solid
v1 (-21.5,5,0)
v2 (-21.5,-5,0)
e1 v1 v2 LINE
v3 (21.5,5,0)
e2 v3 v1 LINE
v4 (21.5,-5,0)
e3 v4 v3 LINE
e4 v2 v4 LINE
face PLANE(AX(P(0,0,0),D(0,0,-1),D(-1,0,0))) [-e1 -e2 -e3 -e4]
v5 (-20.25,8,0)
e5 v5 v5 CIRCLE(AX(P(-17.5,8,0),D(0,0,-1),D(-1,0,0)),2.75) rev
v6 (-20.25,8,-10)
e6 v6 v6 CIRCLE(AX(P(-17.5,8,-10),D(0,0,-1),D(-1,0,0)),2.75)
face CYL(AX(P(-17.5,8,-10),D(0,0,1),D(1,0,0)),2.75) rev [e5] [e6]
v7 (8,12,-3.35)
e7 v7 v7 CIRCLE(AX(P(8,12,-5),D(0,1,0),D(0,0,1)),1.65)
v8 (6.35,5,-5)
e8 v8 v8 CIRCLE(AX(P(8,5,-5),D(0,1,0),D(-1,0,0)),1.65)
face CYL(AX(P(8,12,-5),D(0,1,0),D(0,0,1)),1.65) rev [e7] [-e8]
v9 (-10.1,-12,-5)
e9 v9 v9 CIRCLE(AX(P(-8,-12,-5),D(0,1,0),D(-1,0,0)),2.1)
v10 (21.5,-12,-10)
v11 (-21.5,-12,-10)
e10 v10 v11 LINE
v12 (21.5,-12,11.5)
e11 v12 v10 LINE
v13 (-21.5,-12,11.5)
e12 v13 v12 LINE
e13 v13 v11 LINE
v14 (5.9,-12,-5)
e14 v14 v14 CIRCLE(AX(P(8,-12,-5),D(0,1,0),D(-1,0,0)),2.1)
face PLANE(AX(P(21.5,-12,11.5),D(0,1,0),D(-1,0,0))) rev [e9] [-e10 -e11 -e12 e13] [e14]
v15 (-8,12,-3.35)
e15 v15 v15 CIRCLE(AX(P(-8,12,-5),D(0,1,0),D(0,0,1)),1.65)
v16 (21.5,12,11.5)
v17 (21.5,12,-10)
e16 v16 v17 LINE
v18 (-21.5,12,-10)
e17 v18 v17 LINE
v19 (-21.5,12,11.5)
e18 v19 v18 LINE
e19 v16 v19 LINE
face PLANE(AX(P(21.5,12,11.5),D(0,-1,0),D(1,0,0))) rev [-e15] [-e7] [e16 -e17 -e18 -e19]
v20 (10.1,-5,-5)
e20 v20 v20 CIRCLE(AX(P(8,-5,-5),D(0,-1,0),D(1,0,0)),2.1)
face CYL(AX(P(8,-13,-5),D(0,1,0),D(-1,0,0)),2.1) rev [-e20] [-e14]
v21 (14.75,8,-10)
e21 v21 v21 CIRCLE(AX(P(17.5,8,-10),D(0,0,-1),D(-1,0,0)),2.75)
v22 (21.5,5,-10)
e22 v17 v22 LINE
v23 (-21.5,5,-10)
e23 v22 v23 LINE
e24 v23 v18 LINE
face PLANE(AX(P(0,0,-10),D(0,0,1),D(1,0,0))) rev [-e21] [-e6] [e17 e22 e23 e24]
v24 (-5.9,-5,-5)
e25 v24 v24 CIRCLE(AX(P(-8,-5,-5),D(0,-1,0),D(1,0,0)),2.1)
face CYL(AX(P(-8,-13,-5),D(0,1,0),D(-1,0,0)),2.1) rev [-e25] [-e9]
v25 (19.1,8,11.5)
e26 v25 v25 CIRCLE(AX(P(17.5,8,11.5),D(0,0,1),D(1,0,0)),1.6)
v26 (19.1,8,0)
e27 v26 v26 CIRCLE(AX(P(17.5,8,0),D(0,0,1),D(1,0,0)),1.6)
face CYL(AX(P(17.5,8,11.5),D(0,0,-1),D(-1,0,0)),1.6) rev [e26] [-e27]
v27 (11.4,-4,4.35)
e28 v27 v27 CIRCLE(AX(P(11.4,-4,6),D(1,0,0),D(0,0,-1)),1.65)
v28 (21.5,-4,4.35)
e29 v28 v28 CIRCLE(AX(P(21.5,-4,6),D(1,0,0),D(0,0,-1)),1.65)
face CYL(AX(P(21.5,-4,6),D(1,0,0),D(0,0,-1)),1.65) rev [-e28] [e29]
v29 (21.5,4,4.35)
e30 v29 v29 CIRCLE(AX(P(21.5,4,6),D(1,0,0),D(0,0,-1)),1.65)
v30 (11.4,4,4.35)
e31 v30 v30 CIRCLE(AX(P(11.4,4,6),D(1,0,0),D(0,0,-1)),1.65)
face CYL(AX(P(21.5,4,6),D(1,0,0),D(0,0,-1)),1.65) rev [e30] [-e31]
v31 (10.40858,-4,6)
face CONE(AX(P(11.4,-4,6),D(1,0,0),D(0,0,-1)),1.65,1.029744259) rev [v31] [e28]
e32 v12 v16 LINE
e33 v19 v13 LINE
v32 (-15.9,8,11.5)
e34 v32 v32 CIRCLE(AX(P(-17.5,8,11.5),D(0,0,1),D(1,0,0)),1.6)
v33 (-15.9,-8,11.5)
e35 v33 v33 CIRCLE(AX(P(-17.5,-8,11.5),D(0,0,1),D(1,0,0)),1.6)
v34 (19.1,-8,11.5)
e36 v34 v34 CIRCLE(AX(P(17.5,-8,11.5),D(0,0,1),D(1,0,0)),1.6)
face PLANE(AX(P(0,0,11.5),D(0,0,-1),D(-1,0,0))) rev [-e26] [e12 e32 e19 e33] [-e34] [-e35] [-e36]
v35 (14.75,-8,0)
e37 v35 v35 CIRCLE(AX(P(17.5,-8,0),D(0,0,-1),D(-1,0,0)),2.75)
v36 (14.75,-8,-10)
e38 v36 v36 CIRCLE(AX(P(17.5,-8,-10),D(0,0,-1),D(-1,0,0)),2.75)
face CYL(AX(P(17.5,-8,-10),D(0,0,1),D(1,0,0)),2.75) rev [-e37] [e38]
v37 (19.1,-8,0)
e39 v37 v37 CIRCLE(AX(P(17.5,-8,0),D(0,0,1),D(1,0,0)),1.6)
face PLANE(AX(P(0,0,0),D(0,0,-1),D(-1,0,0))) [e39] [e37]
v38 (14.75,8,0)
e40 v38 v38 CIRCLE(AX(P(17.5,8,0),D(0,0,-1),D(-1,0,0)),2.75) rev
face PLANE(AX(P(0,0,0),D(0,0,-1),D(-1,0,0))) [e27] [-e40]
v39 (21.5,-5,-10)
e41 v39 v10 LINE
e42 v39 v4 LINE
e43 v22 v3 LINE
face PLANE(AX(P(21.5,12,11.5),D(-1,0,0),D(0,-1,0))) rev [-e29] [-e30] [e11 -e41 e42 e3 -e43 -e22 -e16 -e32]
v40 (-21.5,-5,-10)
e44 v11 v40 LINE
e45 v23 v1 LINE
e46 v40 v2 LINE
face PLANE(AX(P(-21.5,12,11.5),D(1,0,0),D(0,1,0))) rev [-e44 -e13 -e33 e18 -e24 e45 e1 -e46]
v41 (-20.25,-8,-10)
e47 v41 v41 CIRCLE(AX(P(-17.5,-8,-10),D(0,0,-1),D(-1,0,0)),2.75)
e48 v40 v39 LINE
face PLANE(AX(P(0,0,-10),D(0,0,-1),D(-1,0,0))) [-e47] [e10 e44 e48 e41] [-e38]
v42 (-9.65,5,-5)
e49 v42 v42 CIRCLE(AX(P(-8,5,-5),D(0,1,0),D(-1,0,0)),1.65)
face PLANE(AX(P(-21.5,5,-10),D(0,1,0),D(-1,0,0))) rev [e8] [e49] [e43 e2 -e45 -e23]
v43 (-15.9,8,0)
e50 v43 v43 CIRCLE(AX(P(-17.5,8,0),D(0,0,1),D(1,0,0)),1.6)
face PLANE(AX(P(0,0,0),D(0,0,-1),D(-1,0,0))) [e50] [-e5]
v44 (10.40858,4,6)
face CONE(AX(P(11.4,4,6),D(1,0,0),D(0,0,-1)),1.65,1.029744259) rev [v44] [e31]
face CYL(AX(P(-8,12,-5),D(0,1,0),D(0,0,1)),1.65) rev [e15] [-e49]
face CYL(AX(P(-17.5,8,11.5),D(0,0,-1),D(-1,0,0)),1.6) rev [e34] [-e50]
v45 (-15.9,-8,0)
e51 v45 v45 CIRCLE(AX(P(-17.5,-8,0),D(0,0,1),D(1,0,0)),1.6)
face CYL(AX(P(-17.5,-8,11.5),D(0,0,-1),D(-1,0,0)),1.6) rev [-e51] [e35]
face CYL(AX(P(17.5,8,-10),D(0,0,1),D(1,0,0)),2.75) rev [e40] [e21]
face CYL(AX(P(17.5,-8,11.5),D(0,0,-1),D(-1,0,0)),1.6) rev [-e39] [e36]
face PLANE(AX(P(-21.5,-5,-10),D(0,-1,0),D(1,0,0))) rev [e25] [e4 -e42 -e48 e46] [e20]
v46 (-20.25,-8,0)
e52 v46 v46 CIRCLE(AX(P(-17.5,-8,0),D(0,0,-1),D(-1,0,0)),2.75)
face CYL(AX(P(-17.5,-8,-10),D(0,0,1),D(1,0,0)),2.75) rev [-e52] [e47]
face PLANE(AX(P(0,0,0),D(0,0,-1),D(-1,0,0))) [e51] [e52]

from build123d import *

# Parameters (mm, degrees)
SKETCH_1_W             = 43
SKETCH_1_H             = 24
SKETCH_1_R             = 1.6
EXTRUDE_1_DEPTH        = 11.5
SKETCH_3_W             = 43
SKETCH_3_H             = 7
SKETCH_3_R             = 2.75
EXTRUDE_2_DEPTH        = 10
CUT_EXTRUDE_START      = -15
SKETCH_4_R             = 2.1
CUT_EXTRUDE_1_DEPTH    = 10
HOLE_WIZARD_M4_1_D     = 3.3
HOLE_WIZARD_M4_1_DEPTH = 10.1
HOLE_WIZARD_M4_1_TIP   = 0.991420021
HOLE_WIZARD_M4_2_D     = 3.3
HOLE_WIZARD_M4_2_DEPTH = 10.1
HOLE_WIZARD_M4_2_TIP   = 0.991420021


with BuildPart() as part:
    # 草图1 → 凸台-拉伸1 (new body)
    with BuildSketch(Plane.XY):
        Rectangle(SKETCH_1_W, SKETCH_1_H)
        with Locations((-17.5, 8)):
            Circle(SKETCH_1_R, mode=Mode.SUBTRACT)
        with Locations((-17.5, -8)):
            Circle(SKETCH_1_R, mode=Mode.SUBTRACT)
        with Locations((17.5, -8)):
            Circle(SKETCH_1_R, mode=Mode.SUBTRACT)
        with Locations((17.5, 8)):
            Circle(SKETCH_1_R, mode=Mode.SUBTRACT)
    extrude(amount=EXTRUDE_1_DEPTH)

    # 草图3 → 凸台-拉伸2 (add)
    # profile 1 of 2: a face of its own
    with BuildSketch(Plane(origin=(0, 0, 0), x_dir=(-1, 0, 0), z_dir=(0, 0, -1))):
        with Locations((0, -8.5)):
            Rectangle(SKETCH_3_W, SKETCH_3_H)
        with Locations((-17.5, -8)):
            Circle(SKETCH_3_R, mode=Mode.SUBTRACT)
        with Locations((17.5, -8)):
            Circle(SKETCH_3_R, mode=Mode.SUBTRACT)
    # profile 2 of 2: a face of its own
    with BuildSketch(Plane(origin=(0, 0, 0), x_dir=(-1, 0, 0), z_dir=(0, 0, -1))):
        with Locations((0, 8.5)):
            Rectangle(SKETCH_3_W, SKETCH_3_H)
        with Locations((17.5, 8)):
            Circle(SKETCH_3_R, mode=Mode.SUBTRACT)
        with Locations((-17.5, 8)):
            Circle(SKETCH_3_R, mode=Mode.SUBTRACT)
    extrude(amount=EXTRUDE_2_DEPTH)

    # 草图4 → 切除-拉伸1 (cut)
    with BuildSketch(Plane(origin=(0, 12, 0), x_dir=(1, 0, 0), z_dir=(0, 1, 0)).offset(CUT_EXTRUDE_START)):
        with Locations(Location((8, 5, 0), (0, 0, 180))):
            Circle(SKETCH_4_R)
        with Locations(Location((-8, 5, 0), (0, 0, 180))):
            Circle(SKETCH_4_R)
    extrude(amount=-CUT_EXTRUDE_1_DEPTH, mode=Mode.SUBTRACT)

    # M4 螺纹孔1
    with Locations(Plane(origin=(0, 12, 0), x_dir=(1, 0, 0), z_dir=(0, 1, 0))):
        with Locations((-8, 5), (8, 5)):
            Hole(HOLE_WIZARD_M4_1_D / 2, depth=HOLE_WIZARD_M4_1_DEPTH)
            with Locations((0, 0, -(HOLE_WIZARD_M4_1_DEPTH + HOLE_WIZARD_M4_1_TIP / 2))):  # 118° drill point
                Cone(0, HOLE_WIZARD_M4_1_D / 2, HOLE_WIZARD_M4_1_TIP, mode=Mode.SUBTRACT)

    # M4 螺纹孔2
    with Locations(Plane(origin=(21.5, 4, 6), x_dir=(0, 1, 0), z_dir=(1, 0, 0))):
        with Locations((0, 0), (-8, 0)):
            Hole(HOLE_WIZARD_M4_2_D / 2, depth=HOLE_WIZARD_M4_2_DEPTH)
            with Locations((0, 0, -(HOLE_WIZARD_M4_2_DEPTH + HOLE_WIZARD_M4_2_TIP / 2))):  # 118° drill point
                Cone(0, HOLE_WIZARD_M4_2_D / 2, HOLE_WIZARD_M4_2_TIP, mode=Mode.SUBTRACT)


solid = part.part
